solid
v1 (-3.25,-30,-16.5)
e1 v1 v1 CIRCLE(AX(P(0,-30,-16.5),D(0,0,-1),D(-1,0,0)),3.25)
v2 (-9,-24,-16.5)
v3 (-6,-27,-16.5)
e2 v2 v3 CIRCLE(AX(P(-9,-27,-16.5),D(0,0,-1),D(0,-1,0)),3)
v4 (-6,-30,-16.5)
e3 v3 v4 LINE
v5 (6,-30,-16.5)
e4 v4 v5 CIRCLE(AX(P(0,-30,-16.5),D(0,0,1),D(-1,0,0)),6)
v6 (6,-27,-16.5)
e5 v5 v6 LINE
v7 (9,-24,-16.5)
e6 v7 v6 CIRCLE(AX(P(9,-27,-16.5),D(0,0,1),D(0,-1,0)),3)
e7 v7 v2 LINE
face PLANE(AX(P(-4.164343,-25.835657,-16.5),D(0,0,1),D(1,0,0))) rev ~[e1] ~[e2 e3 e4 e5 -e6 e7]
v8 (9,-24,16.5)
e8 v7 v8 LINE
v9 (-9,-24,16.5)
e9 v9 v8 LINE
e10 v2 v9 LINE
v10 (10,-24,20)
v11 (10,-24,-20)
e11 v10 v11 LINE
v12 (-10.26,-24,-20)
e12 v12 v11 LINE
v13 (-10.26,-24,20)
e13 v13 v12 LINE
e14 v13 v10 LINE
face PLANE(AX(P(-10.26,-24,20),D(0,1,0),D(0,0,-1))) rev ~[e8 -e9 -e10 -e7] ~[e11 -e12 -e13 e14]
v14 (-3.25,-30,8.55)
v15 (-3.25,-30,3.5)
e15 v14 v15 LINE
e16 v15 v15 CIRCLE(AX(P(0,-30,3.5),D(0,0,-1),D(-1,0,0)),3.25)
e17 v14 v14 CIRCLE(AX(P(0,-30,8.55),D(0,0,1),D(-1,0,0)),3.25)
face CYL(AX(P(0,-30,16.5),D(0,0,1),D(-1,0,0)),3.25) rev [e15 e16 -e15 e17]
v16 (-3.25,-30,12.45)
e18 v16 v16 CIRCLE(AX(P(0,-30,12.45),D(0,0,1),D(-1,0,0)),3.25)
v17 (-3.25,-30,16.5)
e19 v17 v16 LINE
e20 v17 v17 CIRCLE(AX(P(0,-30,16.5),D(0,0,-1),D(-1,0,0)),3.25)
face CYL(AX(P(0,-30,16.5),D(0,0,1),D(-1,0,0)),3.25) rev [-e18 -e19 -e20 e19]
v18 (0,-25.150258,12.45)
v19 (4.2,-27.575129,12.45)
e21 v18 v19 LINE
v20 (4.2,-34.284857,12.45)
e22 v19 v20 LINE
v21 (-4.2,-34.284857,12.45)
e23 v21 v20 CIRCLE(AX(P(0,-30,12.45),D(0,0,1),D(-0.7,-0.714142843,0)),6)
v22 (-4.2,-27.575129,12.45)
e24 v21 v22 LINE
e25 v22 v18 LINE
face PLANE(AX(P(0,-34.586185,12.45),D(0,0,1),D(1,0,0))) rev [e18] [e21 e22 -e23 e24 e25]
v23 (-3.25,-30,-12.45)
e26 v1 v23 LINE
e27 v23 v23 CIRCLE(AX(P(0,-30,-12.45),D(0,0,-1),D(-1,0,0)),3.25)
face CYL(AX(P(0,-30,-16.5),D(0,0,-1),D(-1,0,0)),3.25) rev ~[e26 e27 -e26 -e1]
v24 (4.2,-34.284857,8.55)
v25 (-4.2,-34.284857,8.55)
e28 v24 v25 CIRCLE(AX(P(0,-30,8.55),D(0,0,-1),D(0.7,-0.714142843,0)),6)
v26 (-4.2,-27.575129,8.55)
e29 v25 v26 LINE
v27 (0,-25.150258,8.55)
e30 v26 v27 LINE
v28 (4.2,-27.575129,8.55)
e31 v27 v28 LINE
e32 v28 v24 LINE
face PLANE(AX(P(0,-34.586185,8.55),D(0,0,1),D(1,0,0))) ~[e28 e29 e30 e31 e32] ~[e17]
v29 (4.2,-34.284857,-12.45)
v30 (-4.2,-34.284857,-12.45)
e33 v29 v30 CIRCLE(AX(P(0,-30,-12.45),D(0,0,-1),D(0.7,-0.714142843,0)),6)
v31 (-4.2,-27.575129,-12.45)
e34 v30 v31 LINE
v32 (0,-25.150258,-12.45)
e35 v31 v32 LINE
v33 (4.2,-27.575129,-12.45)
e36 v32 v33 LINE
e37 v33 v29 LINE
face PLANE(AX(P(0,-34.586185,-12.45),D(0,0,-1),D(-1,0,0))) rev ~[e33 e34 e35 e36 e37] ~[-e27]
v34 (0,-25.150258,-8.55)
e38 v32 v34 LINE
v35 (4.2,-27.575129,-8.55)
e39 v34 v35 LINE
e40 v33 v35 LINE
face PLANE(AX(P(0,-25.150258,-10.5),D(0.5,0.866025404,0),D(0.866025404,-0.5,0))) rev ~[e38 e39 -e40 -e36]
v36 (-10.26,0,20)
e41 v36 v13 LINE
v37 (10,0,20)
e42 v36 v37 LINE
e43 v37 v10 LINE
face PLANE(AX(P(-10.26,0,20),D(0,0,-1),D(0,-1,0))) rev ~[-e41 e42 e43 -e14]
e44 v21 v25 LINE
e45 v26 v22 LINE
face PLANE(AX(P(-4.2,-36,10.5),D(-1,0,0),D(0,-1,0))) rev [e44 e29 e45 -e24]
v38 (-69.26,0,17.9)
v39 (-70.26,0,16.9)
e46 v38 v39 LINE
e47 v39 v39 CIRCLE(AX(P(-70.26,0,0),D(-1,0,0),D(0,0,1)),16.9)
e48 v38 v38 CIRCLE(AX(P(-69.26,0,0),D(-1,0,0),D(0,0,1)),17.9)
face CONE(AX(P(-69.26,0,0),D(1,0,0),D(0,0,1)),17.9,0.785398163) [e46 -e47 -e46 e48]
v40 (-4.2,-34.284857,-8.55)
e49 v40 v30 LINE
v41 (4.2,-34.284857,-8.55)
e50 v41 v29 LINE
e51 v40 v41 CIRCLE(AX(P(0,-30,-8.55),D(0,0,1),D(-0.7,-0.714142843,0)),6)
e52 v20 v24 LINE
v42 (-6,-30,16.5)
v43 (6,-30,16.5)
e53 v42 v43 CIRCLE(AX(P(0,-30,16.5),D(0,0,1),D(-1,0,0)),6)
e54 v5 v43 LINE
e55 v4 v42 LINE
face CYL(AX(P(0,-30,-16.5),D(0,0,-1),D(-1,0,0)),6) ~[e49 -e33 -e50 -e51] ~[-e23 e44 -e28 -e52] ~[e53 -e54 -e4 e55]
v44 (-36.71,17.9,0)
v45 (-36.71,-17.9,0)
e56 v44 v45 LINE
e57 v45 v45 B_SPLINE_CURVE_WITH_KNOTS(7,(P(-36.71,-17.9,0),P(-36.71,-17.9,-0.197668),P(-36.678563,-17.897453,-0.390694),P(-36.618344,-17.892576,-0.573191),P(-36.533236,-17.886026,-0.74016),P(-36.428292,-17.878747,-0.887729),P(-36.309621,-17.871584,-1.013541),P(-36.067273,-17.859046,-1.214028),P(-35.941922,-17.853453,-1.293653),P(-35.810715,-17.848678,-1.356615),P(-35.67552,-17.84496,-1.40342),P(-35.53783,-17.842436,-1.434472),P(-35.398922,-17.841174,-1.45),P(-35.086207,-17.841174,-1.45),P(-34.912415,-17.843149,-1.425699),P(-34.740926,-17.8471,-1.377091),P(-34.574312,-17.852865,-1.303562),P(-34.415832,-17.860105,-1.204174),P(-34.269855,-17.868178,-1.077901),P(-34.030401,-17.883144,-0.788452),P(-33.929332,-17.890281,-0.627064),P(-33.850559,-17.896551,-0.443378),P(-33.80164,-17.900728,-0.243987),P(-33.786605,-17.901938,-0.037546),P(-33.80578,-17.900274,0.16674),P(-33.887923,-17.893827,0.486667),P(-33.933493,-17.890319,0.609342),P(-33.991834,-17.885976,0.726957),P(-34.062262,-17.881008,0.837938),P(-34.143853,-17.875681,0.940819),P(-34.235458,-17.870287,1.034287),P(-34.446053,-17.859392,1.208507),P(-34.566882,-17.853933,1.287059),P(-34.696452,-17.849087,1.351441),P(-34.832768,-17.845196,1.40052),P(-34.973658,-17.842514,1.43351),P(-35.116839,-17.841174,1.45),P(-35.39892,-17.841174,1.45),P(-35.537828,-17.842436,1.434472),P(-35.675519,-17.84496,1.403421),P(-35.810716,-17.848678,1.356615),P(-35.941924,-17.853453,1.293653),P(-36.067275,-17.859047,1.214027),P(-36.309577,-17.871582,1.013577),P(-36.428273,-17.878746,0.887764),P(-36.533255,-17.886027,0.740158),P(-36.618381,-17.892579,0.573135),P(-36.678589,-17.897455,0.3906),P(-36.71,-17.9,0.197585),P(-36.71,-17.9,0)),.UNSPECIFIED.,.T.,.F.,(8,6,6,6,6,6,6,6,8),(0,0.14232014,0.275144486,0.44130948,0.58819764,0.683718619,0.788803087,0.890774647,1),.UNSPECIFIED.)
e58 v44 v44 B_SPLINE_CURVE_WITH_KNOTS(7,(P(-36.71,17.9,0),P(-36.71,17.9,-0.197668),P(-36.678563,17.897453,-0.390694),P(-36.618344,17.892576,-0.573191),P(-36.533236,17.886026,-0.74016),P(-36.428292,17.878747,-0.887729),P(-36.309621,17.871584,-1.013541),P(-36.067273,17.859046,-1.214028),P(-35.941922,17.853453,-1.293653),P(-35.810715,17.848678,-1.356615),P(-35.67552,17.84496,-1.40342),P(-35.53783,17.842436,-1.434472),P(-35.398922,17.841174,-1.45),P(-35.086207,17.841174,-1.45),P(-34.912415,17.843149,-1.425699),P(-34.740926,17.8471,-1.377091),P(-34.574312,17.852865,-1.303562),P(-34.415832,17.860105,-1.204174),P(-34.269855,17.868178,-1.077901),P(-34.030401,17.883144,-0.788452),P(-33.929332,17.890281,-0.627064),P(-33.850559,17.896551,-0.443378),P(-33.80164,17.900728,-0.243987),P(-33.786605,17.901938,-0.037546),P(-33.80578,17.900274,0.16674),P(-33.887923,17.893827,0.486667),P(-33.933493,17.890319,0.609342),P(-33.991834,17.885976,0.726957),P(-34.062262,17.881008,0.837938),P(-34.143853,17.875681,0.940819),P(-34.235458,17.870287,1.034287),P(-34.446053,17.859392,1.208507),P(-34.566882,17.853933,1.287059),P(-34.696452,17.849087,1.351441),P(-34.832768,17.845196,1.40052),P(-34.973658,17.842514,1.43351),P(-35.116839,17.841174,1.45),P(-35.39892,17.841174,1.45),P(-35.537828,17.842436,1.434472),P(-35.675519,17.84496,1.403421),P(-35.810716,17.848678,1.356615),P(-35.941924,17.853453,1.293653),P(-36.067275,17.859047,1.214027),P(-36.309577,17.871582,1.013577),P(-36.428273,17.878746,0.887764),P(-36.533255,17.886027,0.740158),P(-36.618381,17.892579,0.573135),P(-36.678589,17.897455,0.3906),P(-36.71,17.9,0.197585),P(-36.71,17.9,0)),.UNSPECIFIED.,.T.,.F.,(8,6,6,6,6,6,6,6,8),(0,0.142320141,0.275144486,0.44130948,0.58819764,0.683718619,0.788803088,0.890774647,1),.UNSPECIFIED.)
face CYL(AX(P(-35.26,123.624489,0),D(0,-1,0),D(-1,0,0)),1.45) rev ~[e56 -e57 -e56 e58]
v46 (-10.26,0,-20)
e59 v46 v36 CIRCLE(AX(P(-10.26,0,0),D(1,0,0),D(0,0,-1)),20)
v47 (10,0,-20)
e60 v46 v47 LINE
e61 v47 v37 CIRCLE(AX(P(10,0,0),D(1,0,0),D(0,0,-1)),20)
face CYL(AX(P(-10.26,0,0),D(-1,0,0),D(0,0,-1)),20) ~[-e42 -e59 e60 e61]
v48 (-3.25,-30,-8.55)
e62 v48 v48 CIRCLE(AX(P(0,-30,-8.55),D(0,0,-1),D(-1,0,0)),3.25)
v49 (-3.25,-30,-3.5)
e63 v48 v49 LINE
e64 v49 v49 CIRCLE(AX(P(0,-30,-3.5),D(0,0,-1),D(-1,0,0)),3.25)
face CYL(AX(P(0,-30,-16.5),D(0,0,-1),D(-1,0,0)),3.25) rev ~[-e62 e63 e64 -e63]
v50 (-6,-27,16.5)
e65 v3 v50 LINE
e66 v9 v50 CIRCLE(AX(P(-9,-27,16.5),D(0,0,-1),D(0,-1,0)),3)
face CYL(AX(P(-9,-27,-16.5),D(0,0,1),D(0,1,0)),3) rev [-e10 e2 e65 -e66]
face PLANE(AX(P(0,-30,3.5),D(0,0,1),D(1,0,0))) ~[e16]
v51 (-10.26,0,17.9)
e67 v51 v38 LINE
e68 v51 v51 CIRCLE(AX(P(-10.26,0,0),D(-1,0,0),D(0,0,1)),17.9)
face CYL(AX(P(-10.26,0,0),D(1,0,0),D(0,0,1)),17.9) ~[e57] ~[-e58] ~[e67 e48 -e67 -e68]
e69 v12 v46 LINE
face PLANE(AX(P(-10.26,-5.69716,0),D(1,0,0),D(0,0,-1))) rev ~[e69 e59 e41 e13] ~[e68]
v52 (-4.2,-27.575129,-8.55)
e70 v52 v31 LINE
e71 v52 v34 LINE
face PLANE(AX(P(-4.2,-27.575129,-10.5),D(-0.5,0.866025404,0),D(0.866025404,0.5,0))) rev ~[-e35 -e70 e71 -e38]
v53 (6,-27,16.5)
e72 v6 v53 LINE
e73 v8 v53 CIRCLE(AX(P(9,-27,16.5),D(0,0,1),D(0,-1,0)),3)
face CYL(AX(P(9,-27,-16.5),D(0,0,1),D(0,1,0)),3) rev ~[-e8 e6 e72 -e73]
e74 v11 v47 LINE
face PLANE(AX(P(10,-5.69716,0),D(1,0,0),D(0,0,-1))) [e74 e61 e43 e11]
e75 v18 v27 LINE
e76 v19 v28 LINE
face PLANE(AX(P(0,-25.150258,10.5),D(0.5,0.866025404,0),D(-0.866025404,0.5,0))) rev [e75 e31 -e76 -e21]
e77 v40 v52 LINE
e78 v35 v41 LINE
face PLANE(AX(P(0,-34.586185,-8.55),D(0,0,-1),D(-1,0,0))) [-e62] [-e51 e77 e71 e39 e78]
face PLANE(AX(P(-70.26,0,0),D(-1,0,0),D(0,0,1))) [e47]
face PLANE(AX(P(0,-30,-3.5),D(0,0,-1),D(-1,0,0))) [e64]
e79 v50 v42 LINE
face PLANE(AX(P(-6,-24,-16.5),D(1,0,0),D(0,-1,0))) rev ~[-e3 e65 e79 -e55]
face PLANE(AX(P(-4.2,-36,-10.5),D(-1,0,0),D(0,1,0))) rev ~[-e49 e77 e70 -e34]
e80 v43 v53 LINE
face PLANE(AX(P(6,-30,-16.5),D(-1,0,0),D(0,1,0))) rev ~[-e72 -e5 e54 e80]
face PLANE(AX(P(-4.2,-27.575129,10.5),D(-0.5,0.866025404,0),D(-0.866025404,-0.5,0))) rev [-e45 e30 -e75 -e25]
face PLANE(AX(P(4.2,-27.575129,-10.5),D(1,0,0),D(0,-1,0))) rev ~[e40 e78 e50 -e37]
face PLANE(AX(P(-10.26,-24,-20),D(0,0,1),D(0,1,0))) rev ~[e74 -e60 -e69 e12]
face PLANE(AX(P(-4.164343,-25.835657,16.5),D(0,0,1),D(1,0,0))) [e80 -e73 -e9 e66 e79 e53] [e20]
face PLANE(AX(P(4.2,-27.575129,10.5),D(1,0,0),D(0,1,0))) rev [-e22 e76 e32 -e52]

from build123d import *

# Parameters (mm, degrees)
EXTRUDE_1_DEPTH      = 10
EXTRUDE_1_DEPTH_BACK = 10.26
SKETCH_4_R           = 17.9
EXTRUDE_3_DEPTH      = 60
EXTRUDE_7_DEPTH      = 16.5
EXTRUDE_7_DEPTH_BACK = 16.5
SKETCH_15_R          = 6
SKETCH_17_R          = 3.25
CUT_EXTRUDE_3_DEPTH  = 13
CUT_EXTRUDE_4_DEPTH  = 1.95
FILLET_1_R           = 3
HOLE_WIZARD_M2_5_1_D = 2.9
CHAMFER_1_SIZE       = 1


with BuildPart() as part:
    # 스케치1 → 보스-돌출1 (new, two sides: drawn at the far end of the back side and taken through both)
    with BuildSketch(Plane(origin=(0, 0, 0), x_dir=(0, 0, -1), z_dir=(1, 0, 0)).offset(-EXTRUDE_1_DEPTH_BACK)):
        with BuildLine():
            Line((20, -24), (20, 0))
            ThreePointArc((20, 0), (0, 20), (-20, 0))
            Line((-20, 0), (-20, -24))
            Line((-20, -24), (20, -24))
        make_face()
    extrude(amount=EXTRUDE_1_DEPTH + EXTRUDE_1_DEPTH_BACK)

    # 스케치4 → 보스-돌출3 (add)
    with BuildSketch(Plane.ZY.offset(10.26)):
        Circle(SKETCH_4_R)
    extrude(amount=EXTRUDE_3_DEPTH)

    # 스케치15 → 보스-돌출7 (add, two sides: drawn at the far end of the back side and taken through both)
    with BuildSketch(Plane.XY.offset(-EXTRUDE_7_DEPTH_BACK)):
        with BuildLine():
            Line((-6, -24), (-6, -30))
            ThreePointArc((-6, -30), (-4.242640687, -25.757359313), (0, -24))
            Line((0, -24), (-6, -24))
        make_face()
        with Locations((0, -30)):
            Circle(SKETCH_15_R)
        with BuildLine():
            ThreePointArc((0, -24), (4.242640687, -25.757359313), (6, -30))
            Line((6, -30), (6, -24))
            Line((6, -24), (0, -24))
        make_face()
    extrude(amount=EXTRUDE_7_DEPTH + EXTRUDE_7_DEPTH_BACK)

    # 스케치17 → 컷-돌출3 (cut)
    with BuildSketch(Plane(origin=(0, 0, -16.5), x_dir=(-1, 0, 0), z_dir=(0, 0, -1))):
        with Locations((0, -30)):
            Circle(SKETCH_17_R)
    cut_extrude_3 = extrude(amount=-CUT_EXTRUDE_3_DEPTH, mode=Mode.SUBTRACT)

    # 대칭 복사7: 컷-돌출3 across plane
    add(cut_extrude_3.mirror(Plane.XY), mode=Mode.SUBTRACT)

    # 스케치18 → 컷-돌출4 (cut, symmetric)
    with BuildSketch(Plane(origin=(0, 0, -10.5), x_dir=(-1, 0, 0), z_dir=(0, 0, -1))):
        Polygon((-4.2, -36), (4.2, -36), (4.2, -32.424871131), (0, -34.849742261), (-4.2, -32.424871131), align=None)
        Polygon((-4.2, -27.575128869), (-4.2, -32.424871131), (0, -34.849742261), (4.2, -32.424871131), (4.2, -27.575128869), (0, -25.150257739), align=None)
    cut_extrude_4 = extrude(amount=CUT_EXTRUDE_4_DEPTH, both=True, mode=Mode.SUBTRACT)

    # 대칭 복사8: 컷-돌출4 across plane
    add(cut_extrude_4.mirror(Plane.XY), mode=Mode.SUBTRACT)

    # 필렛1
    fillet_1_edges = [part.edges().sort_by_distance(p)[0] for p in [
        (-6, -24, 0),
        (6, -24, 0),
    ]]
    fillet(fillet_1_edges, radius=FILLET_1_R)

    # M2.5 여유 구멍1 (through all)
    with Locations(Plane(origin=(0, 17.9, 0), x_dir=(1, 0, 0), z_dir=(0, 1, 0))):
        with Locations((-35.26, 0)):
            Hole(HOLE_WIZARD_M2_5_1_D / 2)

    # 모따기1
    chamfer_1_edges = [part.edges().sort_by_distance(p)[0] for p in [
        (-70.26, 0, -17.9),
    ]]
    chamfer(chamfer_1_edges, length=CHAMFER_1_SIZE)


solid = part.part
